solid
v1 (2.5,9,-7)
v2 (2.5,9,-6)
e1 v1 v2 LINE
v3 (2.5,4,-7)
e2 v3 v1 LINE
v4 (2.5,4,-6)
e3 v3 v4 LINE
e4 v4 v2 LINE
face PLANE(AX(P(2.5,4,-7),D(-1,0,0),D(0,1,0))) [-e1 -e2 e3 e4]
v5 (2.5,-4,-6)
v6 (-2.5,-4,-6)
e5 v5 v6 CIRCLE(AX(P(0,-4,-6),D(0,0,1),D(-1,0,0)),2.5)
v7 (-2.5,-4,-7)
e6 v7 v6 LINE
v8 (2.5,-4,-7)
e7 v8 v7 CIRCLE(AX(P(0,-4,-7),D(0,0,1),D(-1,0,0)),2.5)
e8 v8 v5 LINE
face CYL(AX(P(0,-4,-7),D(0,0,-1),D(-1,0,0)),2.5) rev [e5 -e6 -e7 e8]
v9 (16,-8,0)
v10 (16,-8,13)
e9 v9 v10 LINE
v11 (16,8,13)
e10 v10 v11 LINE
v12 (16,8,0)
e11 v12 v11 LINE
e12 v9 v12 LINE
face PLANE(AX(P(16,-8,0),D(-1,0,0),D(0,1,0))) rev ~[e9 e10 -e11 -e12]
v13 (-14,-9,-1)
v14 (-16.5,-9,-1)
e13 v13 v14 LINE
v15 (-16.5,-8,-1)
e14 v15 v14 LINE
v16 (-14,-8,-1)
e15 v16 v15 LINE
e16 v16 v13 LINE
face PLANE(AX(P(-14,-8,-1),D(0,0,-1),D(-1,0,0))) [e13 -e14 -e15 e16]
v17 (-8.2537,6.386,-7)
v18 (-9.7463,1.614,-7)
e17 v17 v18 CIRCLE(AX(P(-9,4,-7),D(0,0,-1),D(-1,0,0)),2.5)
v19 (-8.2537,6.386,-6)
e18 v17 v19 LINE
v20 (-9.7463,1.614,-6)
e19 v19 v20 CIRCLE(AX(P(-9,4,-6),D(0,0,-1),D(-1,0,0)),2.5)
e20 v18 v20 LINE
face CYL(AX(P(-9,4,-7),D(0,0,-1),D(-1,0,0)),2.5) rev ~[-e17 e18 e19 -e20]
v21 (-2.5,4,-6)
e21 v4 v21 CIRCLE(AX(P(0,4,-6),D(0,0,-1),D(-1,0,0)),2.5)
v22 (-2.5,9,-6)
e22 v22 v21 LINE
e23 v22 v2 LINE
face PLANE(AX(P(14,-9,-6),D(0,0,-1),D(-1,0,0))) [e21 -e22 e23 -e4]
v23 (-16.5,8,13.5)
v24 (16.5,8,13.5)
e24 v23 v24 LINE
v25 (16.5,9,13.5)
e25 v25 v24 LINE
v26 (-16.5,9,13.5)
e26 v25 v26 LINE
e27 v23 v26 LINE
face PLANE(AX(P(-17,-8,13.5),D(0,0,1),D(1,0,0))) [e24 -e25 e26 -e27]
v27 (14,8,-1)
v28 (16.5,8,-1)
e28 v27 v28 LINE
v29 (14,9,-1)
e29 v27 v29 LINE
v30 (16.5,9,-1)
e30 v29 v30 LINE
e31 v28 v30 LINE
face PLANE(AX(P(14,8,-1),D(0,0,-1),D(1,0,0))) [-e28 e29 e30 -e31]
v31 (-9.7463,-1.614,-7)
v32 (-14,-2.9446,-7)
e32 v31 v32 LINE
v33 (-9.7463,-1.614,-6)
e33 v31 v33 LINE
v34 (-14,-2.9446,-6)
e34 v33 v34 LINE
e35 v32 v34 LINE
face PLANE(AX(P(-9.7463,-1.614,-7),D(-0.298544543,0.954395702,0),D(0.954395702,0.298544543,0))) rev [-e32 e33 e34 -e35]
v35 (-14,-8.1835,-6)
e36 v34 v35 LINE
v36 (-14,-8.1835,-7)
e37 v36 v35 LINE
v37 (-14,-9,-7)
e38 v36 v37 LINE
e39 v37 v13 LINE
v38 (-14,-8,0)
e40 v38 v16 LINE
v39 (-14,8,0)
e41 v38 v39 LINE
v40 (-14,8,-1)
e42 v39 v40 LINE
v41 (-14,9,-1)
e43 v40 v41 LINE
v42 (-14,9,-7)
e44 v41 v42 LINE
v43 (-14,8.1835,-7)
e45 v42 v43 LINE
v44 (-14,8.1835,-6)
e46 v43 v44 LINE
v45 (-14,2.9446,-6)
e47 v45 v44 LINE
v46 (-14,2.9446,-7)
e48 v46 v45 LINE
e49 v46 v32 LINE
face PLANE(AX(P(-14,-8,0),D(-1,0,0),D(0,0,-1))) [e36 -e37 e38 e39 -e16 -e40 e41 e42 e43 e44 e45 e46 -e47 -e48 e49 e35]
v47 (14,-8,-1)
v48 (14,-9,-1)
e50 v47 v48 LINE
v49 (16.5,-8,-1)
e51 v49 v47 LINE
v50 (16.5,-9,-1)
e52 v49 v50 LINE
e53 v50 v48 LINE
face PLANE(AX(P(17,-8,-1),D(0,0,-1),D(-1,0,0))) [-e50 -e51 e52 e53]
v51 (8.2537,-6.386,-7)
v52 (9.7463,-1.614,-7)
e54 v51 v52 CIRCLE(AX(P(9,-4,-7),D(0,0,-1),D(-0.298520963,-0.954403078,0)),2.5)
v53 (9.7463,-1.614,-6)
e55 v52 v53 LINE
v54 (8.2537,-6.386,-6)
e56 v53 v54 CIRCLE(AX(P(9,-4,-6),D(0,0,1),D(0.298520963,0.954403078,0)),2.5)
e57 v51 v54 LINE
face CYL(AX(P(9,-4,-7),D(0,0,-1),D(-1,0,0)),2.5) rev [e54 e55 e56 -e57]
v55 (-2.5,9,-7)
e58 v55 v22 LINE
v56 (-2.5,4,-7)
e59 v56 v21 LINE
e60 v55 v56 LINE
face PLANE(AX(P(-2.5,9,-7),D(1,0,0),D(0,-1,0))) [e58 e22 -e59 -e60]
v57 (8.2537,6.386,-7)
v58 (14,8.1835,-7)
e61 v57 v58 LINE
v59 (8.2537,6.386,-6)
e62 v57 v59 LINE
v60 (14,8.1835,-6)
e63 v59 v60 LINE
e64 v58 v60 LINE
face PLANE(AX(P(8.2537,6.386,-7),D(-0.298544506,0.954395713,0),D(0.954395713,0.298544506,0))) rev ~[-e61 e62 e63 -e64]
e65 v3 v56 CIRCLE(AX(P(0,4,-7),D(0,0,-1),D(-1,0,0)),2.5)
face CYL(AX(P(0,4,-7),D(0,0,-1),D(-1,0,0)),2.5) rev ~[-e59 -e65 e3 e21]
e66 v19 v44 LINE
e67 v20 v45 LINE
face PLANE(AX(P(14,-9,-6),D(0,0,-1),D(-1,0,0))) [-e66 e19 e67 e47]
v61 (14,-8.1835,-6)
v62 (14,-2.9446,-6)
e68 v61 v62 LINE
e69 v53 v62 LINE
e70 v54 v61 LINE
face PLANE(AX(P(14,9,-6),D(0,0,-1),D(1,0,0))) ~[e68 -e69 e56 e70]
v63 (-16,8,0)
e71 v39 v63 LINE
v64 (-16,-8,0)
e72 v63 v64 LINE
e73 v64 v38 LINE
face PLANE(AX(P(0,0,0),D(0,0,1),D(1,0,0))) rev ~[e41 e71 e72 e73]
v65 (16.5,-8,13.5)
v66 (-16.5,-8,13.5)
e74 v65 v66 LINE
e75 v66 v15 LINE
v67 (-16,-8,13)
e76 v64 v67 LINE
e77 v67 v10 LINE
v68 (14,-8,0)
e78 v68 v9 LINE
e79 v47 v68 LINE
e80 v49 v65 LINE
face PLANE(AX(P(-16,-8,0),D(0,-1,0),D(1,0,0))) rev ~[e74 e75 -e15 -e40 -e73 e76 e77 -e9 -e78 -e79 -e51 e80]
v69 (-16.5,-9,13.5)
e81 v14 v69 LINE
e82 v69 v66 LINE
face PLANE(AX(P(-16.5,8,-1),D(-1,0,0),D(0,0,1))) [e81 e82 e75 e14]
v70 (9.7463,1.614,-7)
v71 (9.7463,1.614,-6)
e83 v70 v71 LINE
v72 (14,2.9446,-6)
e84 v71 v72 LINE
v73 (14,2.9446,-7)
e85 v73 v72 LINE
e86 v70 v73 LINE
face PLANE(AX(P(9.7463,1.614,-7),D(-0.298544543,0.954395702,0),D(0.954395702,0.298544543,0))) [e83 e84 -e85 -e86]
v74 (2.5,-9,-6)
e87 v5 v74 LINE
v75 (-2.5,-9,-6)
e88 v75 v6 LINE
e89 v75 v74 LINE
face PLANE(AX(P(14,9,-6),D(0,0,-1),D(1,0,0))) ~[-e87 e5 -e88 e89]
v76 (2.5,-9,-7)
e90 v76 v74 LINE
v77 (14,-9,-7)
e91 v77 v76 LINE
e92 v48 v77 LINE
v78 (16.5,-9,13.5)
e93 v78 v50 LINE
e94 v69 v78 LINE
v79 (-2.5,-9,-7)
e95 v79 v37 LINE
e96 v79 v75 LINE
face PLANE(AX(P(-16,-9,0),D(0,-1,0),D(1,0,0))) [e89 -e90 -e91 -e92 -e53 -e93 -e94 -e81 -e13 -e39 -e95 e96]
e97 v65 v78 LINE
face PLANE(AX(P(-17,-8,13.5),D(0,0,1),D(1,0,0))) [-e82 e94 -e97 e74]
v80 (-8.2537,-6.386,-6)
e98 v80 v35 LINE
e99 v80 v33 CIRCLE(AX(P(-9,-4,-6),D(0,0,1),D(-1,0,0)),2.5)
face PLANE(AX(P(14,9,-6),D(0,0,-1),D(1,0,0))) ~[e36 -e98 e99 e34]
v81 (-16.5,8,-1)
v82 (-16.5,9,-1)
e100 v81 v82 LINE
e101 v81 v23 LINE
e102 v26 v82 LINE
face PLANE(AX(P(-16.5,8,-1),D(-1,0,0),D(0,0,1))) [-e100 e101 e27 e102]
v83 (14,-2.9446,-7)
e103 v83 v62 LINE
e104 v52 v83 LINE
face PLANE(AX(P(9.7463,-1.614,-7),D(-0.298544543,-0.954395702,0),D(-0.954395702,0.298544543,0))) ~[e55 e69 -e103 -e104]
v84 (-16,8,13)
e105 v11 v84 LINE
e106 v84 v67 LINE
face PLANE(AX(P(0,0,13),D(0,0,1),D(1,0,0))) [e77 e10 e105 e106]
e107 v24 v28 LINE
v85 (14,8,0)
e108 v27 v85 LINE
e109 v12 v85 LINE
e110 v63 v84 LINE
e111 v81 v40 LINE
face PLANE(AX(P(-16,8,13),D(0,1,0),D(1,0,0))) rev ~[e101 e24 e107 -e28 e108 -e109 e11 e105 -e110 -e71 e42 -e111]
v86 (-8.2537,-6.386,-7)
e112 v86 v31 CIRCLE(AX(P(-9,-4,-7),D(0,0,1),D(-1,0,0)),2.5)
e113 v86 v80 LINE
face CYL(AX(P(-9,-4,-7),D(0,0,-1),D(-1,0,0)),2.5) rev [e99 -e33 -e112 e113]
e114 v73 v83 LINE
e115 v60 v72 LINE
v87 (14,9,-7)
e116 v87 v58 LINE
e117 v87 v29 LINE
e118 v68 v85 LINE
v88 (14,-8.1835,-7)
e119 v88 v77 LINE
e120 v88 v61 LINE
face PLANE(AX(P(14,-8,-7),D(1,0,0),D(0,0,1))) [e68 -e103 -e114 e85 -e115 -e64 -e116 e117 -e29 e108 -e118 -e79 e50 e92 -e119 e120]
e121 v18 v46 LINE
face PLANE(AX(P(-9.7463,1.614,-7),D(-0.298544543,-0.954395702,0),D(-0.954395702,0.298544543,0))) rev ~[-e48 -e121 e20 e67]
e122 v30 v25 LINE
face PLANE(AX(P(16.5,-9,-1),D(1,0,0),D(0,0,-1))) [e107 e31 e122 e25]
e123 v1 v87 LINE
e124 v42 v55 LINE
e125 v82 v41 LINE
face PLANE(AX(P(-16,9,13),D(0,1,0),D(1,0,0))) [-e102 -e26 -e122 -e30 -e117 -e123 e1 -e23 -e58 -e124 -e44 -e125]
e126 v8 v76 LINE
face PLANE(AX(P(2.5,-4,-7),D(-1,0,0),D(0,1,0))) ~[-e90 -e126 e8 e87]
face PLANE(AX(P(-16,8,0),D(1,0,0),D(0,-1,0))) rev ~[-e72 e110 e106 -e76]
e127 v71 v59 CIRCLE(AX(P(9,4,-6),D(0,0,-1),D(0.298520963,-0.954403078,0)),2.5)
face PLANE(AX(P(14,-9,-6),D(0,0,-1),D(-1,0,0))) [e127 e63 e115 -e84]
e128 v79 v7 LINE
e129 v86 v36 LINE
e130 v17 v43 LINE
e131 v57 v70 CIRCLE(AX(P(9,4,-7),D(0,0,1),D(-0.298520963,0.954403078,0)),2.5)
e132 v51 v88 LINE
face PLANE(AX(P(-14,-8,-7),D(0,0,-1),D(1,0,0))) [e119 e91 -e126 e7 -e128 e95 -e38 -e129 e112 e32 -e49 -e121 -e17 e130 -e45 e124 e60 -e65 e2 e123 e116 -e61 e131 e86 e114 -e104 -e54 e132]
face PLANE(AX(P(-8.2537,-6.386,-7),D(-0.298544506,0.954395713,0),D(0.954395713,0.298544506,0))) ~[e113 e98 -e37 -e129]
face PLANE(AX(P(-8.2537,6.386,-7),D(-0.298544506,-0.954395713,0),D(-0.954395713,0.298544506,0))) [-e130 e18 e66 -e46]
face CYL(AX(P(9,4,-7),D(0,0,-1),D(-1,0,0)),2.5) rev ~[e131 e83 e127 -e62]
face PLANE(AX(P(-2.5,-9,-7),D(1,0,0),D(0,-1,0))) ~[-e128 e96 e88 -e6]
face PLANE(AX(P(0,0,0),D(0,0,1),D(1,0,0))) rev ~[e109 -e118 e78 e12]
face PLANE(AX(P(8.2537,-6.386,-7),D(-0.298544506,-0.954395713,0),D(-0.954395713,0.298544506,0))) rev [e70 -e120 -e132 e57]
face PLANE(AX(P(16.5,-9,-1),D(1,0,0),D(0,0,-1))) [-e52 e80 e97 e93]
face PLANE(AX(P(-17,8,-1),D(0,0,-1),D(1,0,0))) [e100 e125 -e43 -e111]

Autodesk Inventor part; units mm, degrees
ref_plane "YZ Plane" through (0, 0, 0) normal (1, 0, 0) x (0, 1, 0)
ref_plane "XZ Plane" through (0, 0, 0) normal (0, 1, 0) x (-1, 0, 0)
sketch "Sketch1" plane through (0, 0, 0) normal (0, 0, 1) x (1, 0, 0)
  line L0 (-16, -8) -> (16, -8)
  line L1 (16, -8) -> (16, 8)
  line L2 (16, 8) -> (-16, 8)
  line L3 (-16, 8) -> (-16, -8)
  point P0 (0, 0)
  point P1 (0, 8)
  point P2 (16, 0)
  dimension "d0" = 32
  dimension "d1" = 16
extrude "Extrusion1" add sketch "Sketch1" along normal blind 13
sketch "Sketch2" plane through (-16, -8, 0) normal (0, -1, 0) x (1, 0, 0)
  line L0 (32, 13) -> (0, 13) projected
  line L1 (0, 0) -> (0, 13) projected
  line L2 (0, 0) -> (32, 0) projected
  line L3 (32, 0) -> (32, 13) projected
  line L4 (-1, 14) -> (33, 14)
  line L5 (33, 14) -> (33, -1)
  line L6 (33, -1) -> (-1, -1)
  line L7 (-1, -1) -> (-1, 14)
  line L8 (2, -1) -> (30, -1)
  line L9 (30, -1) -> (30, -7)
  line L10 (30, -7) -> (2, -7)
  line L11 (2, -7) -> (2, -1)
  point P0 (16, 0)
  dimension "d4" = 1
  dimension "d5" = 3
  dimension "d6" = 3
  dimension "d7" = 6
extrude "Extrusion2" add sketch "Sketch2" along normal blind 1 contours L3 L2 L1 L0 | L4 L5 L6 L7 | L6 L9 L10 L11
sketch "Sketch3" plane through (-16, -8, 0) normal (0, 1, 0) x (1, 0, 0)
  line L0 (0, 0) -> (32, 0) projected
  line L1 (2, 7) -> (30, 7)
  line L2 (30, 7) -> (30, 0)
  line L3 (30, 0) -> (2, 0)
  line L4 (2, 0) -> (2, 7)
  point P0 (16, 0)
extrude "Extrusion3" add sketch "Sketch3" along normal up to surface (16 mm away)
sketch "Sketch4" plane through (-16, 8, 13) normal (0, 1, 0) x (1, 0, 0)
  line L0 (0, 0) -> (32, 0) projected
  line L1 (32, 13) -> (32, 0) projected
  line L2 (32, 13) -> (30, 13) projected
  line L3 (30, 20) -> (30, 13) projected
  line L4 (2, 20) -> (30, 20) projected
  line L5 (2, 13) -> (2, 20) projected
  line L6 (2, 13) -> (0, 13) projected
  line L7 (0, 13) -> (0, 0) projected
  line L8 (-1, 14) -> (2, 14) projected
  line L9 (2, 13) -> (2, 14) projected
  line L10 (-1, 14) -> (2, 14) projected
  line L11 (-1, -1) -> (-1, 14) projected
  line L12 (33, -1) -> (-1, -1) projected
  line L13 (33, 14) -> (33, -1) projected
  line L14 (30, 14) -> (33, 14) projected
  line L15 (30, 14) -> (30, 13) projected
  line L16 (30, 13) -> (32, 13) projected
  line L17 (32, 13) -> (32, 0) projected
  line L18 (32, 0) -> (0, 0) projected
  line L19 (0, 13) -> (0, 0) projected
  line L20 (0, 13) -> (2, 13) projected
  point P0 (16, 13)
extrude "Extrusion4" add sketch "Sketch4" along normal blind 1
sketch "Sketch5" plane through (14, -9, -7) normal (0, 0, -1) x (-1, 0, 0)
  line L0 (28, 0) -> (28, 18) projected
  line L1 (28, 18) -> (0, 18) projected
  line L2 (0, 18) -> (0, 0) projected
  line L3 (11.5, 18) -> (16.5, 18)
  line L4 (16.5, 18) -> (16.5, 13)
  line L5 (16.5, 13) -> (11.5, 13)
  line L6 (11.5, 13) -> (11.5, 18)
  circle A0 centre (14, 13) radius 2.5
  circle A1 centre (23, 13) radius 2.5
  line L7 (23.7463, 10.614) -> (28, 11.9446)
  line L8 (22.2537, 15.386) -> (28, 17.1835)
  circle A2 centre (5, 13) radius 2.5
  line L9 (4.2537, 10.614) -> (0, 11.9446)
  line L10 (5.7463, 15.386) -> (0, 17.1835)
  point P0 (14, 9)
  point P1 (14, 18)
  point P2 (14, 18)
  dimension "d14" = 5
  dimension "d15" = 5
  dimension "d16" = 5
  dimension "d17" = 9
  dimension "d18" = 5
  dimension "d19" = 9
extrude "Extrusion5" cut sketch "Sketch5" against normal blind 1
ref_plane "Work Plane1" through (-16, 0, 13) normal (0, 1, 0) x (1, 0, 0)
mirror "Mirror1" about plane through (-16, 0, 13) normal (0, 1, 0) of "Extrusion5"
sketch "Sketch6" plane through (-17, -8, 14) normal (0, 0, 1) x (1, 0, 0)
  line L0 (0, -1) -> (34, -1) projected
  line L1 (34, 0) -> (34, -1) projected
  line L2 (34, 0) -> (0, 0) projected
  line L3 (0, 0) -> (0, -1) projected
  line L4 (34, 17) -> (0, 17) projected
  line L5 (0, 16) -> (0, 17) projected
  line L6 (0, 16) -> (34, 16) projected
  line L7 (34, 16) -> (34, 17) projected
  point P0 (17, 8)
extrude "Extrusion6" cut sketch "Sketch6" against normal blind 0.5
sketch "Sketch7" plane through (17, -9, -1) normal (1, 0, 0) x (0, 0, -1)
  line L0 (-14.5, 1) -> (-14.5, 0) projected
  line L1 (-14.5, 0) -> (0, 0) projected
  line L2 (0, 1) -> (0, 0) projected
  line L3 (0, 1) -> (-14.5, 1) projected
  line L4 (-14.5, 18) -> (-14.5, 17) projected
  line L5 (-14.5, 17) -> (0, 17) projected
  line L6 (0, 17) -> (0, 18) projected
  line L7 (0, 18) -> (-14.5, 18) projected
  point P0 (-1, 9)
extrude "Extrusion7" cut sketch "Sketch7" against normal blind 0.5
sketch "Sketch8" plane through (-17, 8, -1) normal (-1, 0, 0) x (0, 0, 1)
  line L0 (14.5, 0) -> (14.5, 1) projected
  line L1 (14.5, 1) -> (0, 1) projected
  line L2 (0, 0) -> (0, 1) projected
  line L3 (0, 0) -> (14.5, 0) projected
  line L4 (14.5, -17) -> (14.5, -16) projected
  line L5 (14.5, -16) -> (0, -16) projected
  line L6 (0, -16) -> (0, -17) projected
  line L7 (0, -17) -> (14.5, -17) projected
  point P0 (1, -8)
extrude "Extrusion8" cut sketch "Sketch8" against normal blind 0.5
equation "\"d6\" = d5"
properties part number "03"
